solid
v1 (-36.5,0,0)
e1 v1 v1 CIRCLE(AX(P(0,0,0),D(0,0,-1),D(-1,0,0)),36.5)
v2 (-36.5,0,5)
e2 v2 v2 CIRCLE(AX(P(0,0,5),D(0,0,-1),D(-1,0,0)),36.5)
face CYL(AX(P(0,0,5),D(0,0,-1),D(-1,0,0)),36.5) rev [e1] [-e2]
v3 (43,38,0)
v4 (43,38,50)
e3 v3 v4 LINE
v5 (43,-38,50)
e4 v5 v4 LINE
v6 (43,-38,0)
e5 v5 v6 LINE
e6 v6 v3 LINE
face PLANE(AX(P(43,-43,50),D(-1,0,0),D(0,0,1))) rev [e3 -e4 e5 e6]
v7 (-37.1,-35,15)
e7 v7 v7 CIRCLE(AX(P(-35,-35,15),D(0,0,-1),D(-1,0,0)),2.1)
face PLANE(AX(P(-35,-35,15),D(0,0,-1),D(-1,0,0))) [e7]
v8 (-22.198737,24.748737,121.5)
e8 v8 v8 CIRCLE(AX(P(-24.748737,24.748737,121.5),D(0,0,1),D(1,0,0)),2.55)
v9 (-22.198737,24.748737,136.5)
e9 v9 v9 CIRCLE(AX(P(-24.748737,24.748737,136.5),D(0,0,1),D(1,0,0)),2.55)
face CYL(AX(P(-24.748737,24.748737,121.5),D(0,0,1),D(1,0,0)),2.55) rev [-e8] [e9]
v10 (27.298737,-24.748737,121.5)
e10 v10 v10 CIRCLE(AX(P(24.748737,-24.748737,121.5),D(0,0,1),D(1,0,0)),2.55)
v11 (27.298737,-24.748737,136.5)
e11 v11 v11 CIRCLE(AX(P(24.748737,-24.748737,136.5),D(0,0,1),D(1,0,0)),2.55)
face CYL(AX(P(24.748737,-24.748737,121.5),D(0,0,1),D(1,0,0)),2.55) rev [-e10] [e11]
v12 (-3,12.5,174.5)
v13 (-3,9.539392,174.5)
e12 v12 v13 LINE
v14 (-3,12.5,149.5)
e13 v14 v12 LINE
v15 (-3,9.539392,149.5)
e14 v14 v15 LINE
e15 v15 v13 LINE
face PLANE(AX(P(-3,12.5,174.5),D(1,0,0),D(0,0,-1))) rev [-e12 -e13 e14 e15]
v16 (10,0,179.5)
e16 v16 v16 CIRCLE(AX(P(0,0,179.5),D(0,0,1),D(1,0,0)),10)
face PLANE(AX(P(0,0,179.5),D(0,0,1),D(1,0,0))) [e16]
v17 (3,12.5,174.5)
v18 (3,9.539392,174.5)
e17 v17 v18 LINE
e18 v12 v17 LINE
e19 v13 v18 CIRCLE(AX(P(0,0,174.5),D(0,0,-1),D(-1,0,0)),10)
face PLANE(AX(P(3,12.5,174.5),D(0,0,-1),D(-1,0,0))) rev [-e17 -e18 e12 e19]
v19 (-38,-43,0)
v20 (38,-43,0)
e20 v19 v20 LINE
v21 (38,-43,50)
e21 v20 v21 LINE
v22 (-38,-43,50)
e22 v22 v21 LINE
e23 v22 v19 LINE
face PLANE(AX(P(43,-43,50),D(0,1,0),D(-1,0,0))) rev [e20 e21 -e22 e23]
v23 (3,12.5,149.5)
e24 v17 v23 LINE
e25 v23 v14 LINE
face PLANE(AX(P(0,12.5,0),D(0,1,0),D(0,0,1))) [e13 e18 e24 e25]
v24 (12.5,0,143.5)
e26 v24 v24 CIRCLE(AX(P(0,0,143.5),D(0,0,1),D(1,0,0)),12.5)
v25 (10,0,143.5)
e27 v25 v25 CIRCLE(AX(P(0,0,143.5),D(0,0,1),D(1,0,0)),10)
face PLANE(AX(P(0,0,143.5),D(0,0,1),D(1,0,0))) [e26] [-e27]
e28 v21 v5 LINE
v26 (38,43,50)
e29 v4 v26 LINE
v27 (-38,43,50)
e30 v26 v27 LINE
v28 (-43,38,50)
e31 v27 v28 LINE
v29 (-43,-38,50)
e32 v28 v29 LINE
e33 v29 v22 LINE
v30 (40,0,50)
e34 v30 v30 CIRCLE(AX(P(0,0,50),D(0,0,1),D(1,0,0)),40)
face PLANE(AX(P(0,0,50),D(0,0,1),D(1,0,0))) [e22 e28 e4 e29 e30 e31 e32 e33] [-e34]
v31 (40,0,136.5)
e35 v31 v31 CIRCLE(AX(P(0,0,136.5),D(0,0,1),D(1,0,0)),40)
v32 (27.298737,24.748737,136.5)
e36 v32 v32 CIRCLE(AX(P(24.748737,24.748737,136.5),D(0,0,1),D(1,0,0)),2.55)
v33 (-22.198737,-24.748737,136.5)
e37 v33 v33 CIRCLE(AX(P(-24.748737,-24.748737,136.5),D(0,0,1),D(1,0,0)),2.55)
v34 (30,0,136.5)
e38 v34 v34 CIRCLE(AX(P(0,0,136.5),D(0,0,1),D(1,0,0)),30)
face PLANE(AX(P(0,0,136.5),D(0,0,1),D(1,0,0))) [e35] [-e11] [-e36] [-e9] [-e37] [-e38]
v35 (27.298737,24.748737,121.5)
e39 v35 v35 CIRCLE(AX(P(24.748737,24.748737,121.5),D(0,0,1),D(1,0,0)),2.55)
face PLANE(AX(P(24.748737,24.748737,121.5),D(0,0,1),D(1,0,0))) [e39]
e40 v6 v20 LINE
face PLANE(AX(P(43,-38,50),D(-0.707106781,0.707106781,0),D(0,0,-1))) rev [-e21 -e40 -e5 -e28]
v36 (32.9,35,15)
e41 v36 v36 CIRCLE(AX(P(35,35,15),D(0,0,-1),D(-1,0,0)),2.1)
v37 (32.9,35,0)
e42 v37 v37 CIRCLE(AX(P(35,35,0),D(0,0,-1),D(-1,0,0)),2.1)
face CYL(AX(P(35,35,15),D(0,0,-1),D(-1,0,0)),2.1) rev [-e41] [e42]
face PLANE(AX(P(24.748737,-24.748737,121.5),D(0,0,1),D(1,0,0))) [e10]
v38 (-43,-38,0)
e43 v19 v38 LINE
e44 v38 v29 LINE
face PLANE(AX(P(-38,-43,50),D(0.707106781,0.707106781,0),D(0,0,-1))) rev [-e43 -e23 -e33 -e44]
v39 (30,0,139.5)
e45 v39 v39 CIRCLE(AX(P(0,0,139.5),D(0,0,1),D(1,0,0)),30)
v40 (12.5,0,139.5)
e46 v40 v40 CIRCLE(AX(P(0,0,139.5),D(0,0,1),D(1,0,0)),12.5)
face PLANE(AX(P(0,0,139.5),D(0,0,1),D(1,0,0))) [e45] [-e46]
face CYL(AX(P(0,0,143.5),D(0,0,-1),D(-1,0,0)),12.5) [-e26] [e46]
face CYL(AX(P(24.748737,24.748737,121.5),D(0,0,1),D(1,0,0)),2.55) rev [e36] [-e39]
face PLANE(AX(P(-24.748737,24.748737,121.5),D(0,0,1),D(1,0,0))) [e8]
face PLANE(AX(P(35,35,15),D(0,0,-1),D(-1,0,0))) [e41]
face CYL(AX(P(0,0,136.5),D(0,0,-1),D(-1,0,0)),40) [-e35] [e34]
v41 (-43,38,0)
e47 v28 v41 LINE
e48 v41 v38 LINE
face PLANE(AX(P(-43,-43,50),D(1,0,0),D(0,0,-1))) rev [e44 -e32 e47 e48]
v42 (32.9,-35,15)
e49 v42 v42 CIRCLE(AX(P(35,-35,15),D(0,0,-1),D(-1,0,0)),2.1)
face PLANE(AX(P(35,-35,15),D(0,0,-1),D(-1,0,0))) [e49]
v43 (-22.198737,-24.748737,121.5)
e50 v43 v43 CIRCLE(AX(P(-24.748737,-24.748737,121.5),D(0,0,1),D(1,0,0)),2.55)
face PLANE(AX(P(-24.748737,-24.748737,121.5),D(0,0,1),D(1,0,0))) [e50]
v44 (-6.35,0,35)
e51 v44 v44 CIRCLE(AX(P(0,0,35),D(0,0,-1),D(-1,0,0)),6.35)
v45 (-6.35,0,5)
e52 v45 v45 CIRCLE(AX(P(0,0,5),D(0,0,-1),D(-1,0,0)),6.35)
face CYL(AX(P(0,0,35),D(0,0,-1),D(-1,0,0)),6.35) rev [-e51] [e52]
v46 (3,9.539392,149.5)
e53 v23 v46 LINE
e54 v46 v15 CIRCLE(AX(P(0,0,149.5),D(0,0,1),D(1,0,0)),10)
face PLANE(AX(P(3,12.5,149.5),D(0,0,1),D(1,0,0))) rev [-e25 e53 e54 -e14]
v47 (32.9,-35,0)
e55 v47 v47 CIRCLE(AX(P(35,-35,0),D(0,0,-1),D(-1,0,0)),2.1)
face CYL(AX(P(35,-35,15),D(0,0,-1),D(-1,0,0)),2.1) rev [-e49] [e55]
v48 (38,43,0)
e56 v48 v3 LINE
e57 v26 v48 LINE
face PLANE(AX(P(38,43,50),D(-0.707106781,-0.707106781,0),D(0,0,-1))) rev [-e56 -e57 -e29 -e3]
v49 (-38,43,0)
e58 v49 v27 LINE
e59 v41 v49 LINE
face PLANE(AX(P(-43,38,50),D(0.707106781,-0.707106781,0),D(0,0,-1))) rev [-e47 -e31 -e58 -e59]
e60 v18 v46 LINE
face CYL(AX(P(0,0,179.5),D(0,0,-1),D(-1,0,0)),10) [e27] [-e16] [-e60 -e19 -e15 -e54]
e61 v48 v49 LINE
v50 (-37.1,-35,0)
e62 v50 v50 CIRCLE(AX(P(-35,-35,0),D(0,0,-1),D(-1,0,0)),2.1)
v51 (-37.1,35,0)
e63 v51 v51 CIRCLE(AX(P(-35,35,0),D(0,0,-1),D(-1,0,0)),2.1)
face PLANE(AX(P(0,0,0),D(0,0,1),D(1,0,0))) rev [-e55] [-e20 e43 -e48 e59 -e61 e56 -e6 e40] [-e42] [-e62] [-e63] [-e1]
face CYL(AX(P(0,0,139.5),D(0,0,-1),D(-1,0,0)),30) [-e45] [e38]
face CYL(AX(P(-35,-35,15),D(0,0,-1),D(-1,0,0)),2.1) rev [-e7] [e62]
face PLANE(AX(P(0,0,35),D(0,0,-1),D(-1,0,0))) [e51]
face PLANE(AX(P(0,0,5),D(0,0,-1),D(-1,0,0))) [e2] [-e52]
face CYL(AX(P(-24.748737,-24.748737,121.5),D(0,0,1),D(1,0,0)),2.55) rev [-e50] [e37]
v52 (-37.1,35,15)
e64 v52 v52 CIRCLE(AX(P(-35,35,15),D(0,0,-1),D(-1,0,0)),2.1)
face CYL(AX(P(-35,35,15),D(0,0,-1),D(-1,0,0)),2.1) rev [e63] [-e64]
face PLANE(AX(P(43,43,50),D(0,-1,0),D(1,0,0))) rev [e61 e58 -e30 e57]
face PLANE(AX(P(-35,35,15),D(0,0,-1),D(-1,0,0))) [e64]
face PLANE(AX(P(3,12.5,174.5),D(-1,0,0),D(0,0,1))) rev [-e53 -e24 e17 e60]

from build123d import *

# Parameters (mm, degrees)
SKETCH_1_W          = 86
SKETCH_1_H          = 86
EXTRUDE_1_DEPTH     = 50
SKETCH_2_R          = 40
EXTRUDE_2_DEPTH     = 86.5
SKETCH_3_R          = 30
EXTRUDE_3_DEPTH     = 3
SKETCH_4_R          = 12.5
EXTRUDE_4_DEPTH     = 4
SKETCH_5_R          = 10
EXTRUDE_5_DEPTH     = 36
SKETCH_7_W          = 6
SKETCH_7_H          = 25
EXTRUDE_6_DEPTH     = 12.5
SKETCH_8_R          = 36.5
CUT_EXTRUDE_1_DEPTH = 5
SKETCH_9_R          = 6.35
CUT_EXTRUDE_2_DEPTH = 30
SKETCH_10_R         = 2.1
CUT_EXTRUDE_3_DEPTH = 15
CHAMFER_1_SIZE      = 5
SKETCH_11_R         = 2.55
CUT_EXTRUDE_4_DEPTH = 15


with BuildPart() as part:
    # 草图1 → 凸台-拉伸1 (new body)
    with BuildSketch(Plane.XY):
        Rectangle(SKETCH_1_W, SKETCH_1_H)
    extrude(amount=EXTRUDE_1_DEPTH)

    # 草图2 → 凸台-拉伸2 (add)
    with BuildSketch(Plane.XY.offset(50)):
        Circle(SKETCH_2_R)
    extrude(amount=EXTRUDE_2_DEPTH)

    # 草图3 → 凸台-拉伸3 (add)
    with BuildSketch(Plane.XY.offset(136.5)):
        Circle(SKETCH_3_R)
    extrude(amount=EXTRUDE_3_DEPTH)

    # 草图4 → 凸台-拉伸4 (add)
    with BuildSketch(Plane.XY.offset(139.5)):
        Circle(SKETCH_4_R)
    extrude(amount=EXTRUDE_4_DEPTH)

    # 草图5 → 凸台-拉伸5 (add)
    with BuildSketch(Plane.XY.offset(143.5)):
        Circle(SKETCH_5_R)
    extrude(amount=EXTRUDE_5_DEPTH)

    # 草图7 → 凸台-拉伸6 (add)
    with BuildSketch(Plane(origin=(0, 0, 0), x_dir=(1, 0, 0), z_dir=(0, 1, 0))):
        with Locations((0, -162)):
            Rectangle(SKETCH_7_W, SKETCH_7_H)
    extrude(amount=EXTRUDE_6_DEPTH)

    # 草图8 → 切除-拉伸1 (cut)
    with BuildSketch(Plane(origin=(0, 0, 0), x_dir=(-1, 0, 0), z_dir=(0, 0, -1))):
        Circle(SKETCH_8_R)
    extrude(amount=-CUT_EXTRUDE_1_DEPTH, mode=Mode.SUBTRACT)

    # 草图9 → 切除-拉伸2 (cut)
    with BuildSketch(Plane(origin=(0, 0, 5), x_dir=(-1, 0, 0), z_dir=(0, 0, -1))):
        Circle(SKETCH_9_R)
    extrude(amount=-CUT_EXTRUDE_2_DEPTH, mode=Mode.SUBTRACT)

    # 草图10 → 切除-拉伸3 (cut)
    with BuildSketch(Plane(origin=(0, 0, 0), x_dir=(-1, 0, 0), z_dir=(0, 0, -1))):
        with Locations((-35, 35)):
            Circle(SKETCH_10_R)
        with Locations((35, 35)):
            Circle(SKETCH_10_R)
        with Locations((35, -35)):
            Circle(SKETCH_10_R)
        with Locations((-35, -35)):
            Circle(SKETCH_10_R)
    extrude(amount=-CUT_EXTRUDE_3_DEPTH, mode=Mode.SUBTRACT)

    # 倒角1
    chamfer_1_edges = [part.edges().sort_by_distance(p)[0] for p in [
        (-43, 43, 25),
        (43, 43, 25),
        (43, -43, 25),
        (-43, -43, 25),
    ]]
    chamfer(chamfer_1_edges, length=CHAMFER_1_SIZE)

    # 草图11 → 切除-拉伸4 (cut)
    with BuildSketch(Plane.XY.offset(136.5)):
        with Locations((-24.748737342, 24.748737342)):
            Circle(SKETCH_11_R)
        with Locations((24.748737342, 24.748737342)):
            Circle(SKETCH_11_R)
        with Locations((24.748737342, -24.748737342)):
            Circle(SKETCH_11_R)
        with Locations((-24.748737342, -24.748737342)):
            Circle(SKETCH_11_R)
    extrude(amount=-CUT_EXTRUDE_4_DEPTH, mode=Mode.SUBTRACT)


solid = part.part
